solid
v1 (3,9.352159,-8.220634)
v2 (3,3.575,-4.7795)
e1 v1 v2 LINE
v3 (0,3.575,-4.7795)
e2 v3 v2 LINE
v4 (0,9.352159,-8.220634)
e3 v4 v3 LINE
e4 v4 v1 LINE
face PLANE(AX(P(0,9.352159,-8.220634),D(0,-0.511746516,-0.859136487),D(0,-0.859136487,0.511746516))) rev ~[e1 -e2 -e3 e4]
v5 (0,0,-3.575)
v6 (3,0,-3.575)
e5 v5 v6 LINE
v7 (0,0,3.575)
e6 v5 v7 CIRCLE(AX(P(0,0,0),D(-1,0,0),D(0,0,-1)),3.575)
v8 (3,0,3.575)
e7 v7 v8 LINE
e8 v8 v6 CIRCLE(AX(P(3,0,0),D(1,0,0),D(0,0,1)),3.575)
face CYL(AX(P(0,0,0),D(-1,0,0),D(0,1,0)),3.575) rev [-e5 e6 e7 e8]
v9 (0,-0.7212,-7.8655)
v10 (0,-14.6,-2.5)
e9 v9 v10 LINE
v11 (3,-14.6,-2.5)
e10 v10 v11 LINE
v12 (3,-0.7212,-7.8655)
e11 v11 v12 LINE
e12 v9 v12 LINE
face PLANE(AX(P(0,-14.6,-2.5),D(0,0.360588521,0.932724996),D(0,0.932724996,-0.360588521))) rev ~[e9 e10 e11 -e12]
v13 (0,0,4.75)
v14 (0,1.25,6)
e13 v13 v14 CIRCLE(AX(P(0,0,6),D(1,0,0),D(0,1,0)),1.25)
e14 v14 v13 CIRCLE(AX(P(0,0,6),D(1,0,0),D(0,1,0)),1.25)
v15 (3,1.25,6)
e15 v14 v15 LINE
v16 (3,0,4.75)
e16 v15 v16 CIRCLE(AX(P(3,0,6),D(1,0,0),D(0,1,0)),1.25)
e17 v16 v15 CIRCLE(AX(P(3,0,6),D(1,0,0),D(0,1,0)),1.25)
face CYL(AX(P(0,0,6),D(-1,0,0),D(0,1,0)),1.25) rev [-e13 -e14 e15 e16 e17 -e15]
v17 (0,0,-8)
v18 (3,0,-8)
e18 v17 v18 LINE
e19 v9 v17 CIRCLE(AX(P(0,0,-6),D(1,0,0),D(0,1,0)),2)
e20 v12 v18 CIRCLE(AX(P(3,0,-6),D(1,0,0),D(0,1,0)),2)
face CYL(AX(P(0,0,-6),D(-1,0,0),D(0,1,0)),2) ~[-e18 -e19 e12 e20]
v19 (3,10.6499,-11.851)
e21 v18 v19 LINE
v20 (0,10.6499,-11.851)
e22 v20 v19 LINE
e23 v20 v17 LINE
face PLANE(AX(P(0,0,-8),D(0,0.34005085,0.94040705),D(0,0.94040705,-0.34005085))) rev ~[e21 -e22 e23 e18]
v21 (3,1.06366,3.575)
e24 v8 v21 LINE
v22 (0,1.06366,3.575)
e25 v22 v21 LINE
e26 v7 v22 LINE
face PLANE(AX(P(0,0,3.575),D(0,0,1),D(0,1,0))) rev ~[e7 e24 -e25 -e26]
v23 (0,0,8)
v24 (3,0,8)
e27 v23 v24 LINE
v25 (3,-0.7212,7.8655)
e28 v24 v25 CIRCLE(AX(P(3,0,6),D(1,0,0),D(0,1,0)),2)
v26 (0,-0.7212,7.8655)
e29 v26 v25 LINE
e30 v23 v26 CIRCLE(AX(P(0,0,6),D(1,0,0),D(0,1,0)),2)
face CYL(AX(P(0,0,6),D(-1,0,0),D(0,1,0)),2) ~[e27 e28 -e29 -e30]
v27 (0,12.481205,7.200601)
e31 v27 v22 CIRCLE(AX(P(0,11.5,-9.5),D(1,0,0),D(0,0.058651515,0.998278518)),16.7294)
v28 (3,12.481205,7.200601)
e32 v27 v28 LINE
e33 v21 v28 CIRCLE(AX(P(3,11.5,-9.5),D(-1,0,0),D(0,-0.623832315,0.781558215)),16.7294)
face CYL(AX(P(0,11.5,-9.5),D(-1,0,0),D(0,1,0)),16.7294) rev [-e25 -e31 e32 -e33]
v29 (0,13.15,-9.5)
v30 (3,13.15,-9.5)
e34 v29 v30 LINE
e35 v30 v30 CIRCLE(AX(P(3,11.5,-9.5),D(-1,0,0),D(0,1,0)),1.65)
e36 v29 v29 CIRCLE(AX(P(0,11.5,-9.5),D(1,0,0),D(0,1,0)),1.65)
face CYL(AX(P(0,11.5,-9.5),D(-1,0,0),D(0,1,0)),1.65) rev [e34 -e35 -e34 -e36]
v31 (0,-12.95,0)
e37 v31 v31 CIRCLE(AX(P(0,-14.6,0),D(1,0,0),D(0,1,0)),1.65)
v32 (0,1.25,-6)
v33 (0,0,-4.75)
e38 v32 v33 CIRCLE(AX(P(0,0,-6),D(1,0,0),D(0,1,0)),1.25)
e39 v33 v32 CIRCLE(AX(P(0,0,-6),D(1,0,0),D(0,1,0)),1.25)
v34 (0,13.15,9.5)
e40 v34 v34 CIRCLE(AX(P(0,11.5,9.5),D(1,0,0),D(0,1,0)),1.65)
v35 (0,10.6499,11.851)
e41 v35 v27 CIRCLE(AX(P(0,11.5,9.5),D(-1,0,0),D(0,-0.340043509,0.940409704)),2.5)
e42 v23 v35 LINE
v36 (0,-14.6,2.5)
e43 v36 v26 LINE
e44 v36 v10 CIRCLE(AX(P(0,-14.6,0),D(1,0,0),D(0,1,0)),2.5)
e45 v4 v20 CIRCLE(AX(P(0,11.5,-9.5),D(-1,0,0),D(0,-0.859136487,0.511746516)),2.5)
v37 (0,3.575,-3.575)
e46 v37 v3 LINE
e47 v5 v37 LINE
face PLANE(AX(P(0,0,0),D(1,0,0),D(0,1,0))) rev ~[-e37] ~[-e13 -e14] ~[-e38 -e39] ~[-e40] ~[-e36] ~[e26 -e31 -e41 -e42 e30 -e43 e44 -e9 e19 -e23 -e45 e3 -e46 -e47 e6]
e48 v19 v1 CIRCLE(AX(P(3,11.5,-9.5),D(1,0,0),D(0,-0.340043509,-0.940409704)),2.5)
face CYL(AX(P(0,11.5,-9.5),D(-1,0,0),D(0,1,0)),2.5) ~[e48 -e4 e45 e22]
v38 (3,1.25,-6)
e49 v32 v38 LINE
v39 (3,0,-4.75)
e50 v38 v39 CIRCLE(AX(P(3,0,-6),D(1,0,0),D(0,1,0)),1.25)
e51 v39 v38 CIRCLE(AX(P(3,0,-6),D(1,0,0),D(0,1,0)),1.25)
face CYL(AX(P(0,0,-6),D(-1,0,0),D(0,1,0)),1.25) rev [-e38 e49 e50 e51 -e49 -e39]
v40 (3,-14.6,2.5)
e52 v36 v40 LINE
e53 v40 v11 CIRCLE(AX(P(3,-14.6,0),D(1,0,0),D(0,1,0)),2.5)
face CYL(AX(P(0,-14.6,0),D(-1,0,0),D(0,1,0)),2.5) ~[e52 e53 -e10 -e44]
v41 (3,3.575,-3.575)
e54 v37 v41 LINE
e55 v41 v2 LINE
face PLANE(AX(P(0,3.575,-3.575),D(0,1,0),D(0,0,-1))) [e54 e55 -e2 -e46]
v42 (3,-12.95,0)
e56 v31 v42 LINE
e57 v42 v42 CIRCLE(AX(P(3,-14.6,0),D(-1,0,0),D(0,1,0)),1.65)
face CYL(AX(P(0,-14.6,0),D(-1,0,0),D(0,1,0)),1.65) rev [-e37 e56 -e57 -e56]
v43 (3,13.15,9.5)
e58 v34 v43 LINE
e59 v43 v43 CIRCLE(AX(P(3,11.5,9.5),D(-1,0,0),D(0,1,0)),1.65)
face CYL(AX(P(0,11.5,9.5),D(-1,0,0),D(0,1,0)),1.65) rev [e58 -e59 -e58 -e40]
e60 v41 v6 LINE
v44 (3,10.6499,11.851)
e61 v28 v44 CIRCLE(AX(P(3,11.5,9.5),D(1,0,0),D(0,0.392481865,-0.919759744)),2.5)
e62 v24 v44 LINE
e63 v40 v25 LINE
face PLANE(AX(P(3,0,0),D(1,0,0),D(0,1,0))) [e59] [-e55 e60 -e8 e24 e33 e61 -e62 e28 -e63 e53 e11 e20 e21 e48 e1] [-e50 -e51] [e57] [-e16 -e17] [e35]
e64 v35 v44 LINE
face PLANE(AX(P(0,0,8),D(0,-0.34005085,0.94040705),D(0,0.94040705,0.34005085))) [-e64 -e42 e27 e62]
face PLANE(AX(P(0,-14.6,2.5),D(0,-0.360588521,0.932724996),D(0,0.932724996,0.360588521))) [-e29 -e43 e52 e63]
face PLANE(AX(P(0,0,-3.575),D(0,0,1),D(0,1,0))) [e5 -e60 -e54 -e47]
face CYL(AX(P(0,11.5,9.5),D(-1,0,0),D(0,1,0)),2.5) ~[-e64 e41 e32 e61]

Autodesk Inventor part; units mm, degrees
ref_plane "YZ Plane" through (0, 0, 0) normal (1, 0, 0) x (0, 1, 0)
ref_plane "XZ Plane" through (0, 0, 0) normal (0, 1, 0) x (-1, 0, 0)
ref_plane "XY Plane" through (0, 0, 0) normal (0, 0, 1) x (1, 0, 0)
sketch "スケッチ1" plane through (0, 0, 0) normal (1, 0, 0) x (0, 1, 0)
  line L0 (0, 0) -> (0, 6)
  line L1 (0, 6) -> (0, -6)
  line L2 (0, 0) -> (11.5, 0)
  line L3 (11.5, 0) -> (11.5, 9.5)
  line L4 (11.5, 9.5) -> (11.5, -9.5)
  circle A0 centre (0, 6) radius 1.25
  circle A1 centre (0, -6) radius 1.25
  circle A2 centre (11.5, 9.5) radius 1.65
  circle A3 centre (11.5, -9.5) radius 1.65
  circle A4 centre (11.5, 9.5) radius 2.5
  circle A5 centre (11.5, -9.5) radius 2.5
  circle A6 centre (0, 0) radius 2.65
  line L5 (0, 0) -> (-14.6, 0)
  circle A7 centre (-14.6, 0) radius 1.65
  circle A8 centre (-14.6, 0) radius 2.5
  circle A9 centre (0, 6) radius 2
  circle A10 centre (0, -6) radius 2
  line L6 (0, 8) -> (10.6499, 11.851)
  line L7 (0, -8) -> (10.6499, -11.851)
  line L8 (-14.6, 0) -> (-14.6, -2.5)
  line L9 (-14.6, 0) -> (-12.1, 0) construction
  line L10 (-14.6, -2.5) -> (-14.6, 2.5)
  line L11 (-14.6, -2.5) -> (-0.7212, -7.8655)
  line L12 (-14.6, 2.5) -> (-0.7212, 7.8655)
  circle A11 centre (11.5, -9.5) radius 14.9164
  line L13 (11.5, -9.5) -> (0, 0)
  line L14 (11.5, -9.5) -> (0, -2.65)
  line L15 (14, 9.5) -> (14, 6.6979)
  circle A12 centre (11.5, -9.5) radius 16.7294
  circle A13 centre (0, 0) radius 3.575
  circle A14 centre (11.5, -9.5) radius 17.4128
  line L16 (0, 3.575) -> (11.5, 3.575)
  line L17 (0, -3.575) -> (1.5529, -3.575)
  line L18 (3.575, 0) -> (3.575, -4.7795)
  line L19 (1.5529, -3.575) -> (3.575, -3.575)
  circle A15 centre (11.5, -9.5) radius 9.895
  point P0 (9.3522, -8.2206)
  point P1 (0, 2.65)
  point P2 (12.4812, 7.2006)
  point P3 (1.2029, -3.3665)
  point P4 (1.0637, 3.575)
  point P5 (2.9988, -4.4363)
  dimension "d9" = 5
  dimension "d10" = 5.3
  dimension "d0" = 6
  dimension "d1" = 12
  dimension "d2" = 11.5
  dimension "d3" = 9.5
  dimension "d4" = 19
  dimension "d5" = 2.5
  dimension "d6" = 3.3
  dimension "d7" = 3.3
  dimension "d8" = 5
  dimension "d11" = 14.6
  dimension "d12" = 3.3
  dimension "d13" = 5
  dimension "d14" = 4
  dimension "d15" = 4
  dimension "d16" = 90
  dimension "d21" = 7.15
extrude "押し出し2" add sketch "スケッチ1" along normal blind 3 contours A13 L5 A8 L12 A9 L0 | L0 A9 A14 | A14 A9 A4 A12 L16 | L17 L14 A15 L7 A10 L1 | L1 A10 L11 A11 A13 | A11 L11 A12 A13 | A9 A14 | A13 A14 L11 A8 L5 | A14 A9 | A10 | L19 A15 L14 | A12 L11 A14 A13 | A8 L8 A7 L5 | L5 A7 L10 A8 | A9 L6 A4 A14 | A4 A14 A2 L3 A12 | A15 L18 L14 | L14 A5 L7 A15 | L10 A7 L8 A8 | A4 A14 A2 | L3 A2 A14 A4 A12 | A5 L14 A3 L4 | L4 A3 L13 A5 | L13 A3 L14 A5
sketch "スケッチ2" plane through (3, 0, 0) normal (1, 0, 0) x (0, 0, -1)
  point P0 (0, 0)
properties part number "ikafly2b7"
